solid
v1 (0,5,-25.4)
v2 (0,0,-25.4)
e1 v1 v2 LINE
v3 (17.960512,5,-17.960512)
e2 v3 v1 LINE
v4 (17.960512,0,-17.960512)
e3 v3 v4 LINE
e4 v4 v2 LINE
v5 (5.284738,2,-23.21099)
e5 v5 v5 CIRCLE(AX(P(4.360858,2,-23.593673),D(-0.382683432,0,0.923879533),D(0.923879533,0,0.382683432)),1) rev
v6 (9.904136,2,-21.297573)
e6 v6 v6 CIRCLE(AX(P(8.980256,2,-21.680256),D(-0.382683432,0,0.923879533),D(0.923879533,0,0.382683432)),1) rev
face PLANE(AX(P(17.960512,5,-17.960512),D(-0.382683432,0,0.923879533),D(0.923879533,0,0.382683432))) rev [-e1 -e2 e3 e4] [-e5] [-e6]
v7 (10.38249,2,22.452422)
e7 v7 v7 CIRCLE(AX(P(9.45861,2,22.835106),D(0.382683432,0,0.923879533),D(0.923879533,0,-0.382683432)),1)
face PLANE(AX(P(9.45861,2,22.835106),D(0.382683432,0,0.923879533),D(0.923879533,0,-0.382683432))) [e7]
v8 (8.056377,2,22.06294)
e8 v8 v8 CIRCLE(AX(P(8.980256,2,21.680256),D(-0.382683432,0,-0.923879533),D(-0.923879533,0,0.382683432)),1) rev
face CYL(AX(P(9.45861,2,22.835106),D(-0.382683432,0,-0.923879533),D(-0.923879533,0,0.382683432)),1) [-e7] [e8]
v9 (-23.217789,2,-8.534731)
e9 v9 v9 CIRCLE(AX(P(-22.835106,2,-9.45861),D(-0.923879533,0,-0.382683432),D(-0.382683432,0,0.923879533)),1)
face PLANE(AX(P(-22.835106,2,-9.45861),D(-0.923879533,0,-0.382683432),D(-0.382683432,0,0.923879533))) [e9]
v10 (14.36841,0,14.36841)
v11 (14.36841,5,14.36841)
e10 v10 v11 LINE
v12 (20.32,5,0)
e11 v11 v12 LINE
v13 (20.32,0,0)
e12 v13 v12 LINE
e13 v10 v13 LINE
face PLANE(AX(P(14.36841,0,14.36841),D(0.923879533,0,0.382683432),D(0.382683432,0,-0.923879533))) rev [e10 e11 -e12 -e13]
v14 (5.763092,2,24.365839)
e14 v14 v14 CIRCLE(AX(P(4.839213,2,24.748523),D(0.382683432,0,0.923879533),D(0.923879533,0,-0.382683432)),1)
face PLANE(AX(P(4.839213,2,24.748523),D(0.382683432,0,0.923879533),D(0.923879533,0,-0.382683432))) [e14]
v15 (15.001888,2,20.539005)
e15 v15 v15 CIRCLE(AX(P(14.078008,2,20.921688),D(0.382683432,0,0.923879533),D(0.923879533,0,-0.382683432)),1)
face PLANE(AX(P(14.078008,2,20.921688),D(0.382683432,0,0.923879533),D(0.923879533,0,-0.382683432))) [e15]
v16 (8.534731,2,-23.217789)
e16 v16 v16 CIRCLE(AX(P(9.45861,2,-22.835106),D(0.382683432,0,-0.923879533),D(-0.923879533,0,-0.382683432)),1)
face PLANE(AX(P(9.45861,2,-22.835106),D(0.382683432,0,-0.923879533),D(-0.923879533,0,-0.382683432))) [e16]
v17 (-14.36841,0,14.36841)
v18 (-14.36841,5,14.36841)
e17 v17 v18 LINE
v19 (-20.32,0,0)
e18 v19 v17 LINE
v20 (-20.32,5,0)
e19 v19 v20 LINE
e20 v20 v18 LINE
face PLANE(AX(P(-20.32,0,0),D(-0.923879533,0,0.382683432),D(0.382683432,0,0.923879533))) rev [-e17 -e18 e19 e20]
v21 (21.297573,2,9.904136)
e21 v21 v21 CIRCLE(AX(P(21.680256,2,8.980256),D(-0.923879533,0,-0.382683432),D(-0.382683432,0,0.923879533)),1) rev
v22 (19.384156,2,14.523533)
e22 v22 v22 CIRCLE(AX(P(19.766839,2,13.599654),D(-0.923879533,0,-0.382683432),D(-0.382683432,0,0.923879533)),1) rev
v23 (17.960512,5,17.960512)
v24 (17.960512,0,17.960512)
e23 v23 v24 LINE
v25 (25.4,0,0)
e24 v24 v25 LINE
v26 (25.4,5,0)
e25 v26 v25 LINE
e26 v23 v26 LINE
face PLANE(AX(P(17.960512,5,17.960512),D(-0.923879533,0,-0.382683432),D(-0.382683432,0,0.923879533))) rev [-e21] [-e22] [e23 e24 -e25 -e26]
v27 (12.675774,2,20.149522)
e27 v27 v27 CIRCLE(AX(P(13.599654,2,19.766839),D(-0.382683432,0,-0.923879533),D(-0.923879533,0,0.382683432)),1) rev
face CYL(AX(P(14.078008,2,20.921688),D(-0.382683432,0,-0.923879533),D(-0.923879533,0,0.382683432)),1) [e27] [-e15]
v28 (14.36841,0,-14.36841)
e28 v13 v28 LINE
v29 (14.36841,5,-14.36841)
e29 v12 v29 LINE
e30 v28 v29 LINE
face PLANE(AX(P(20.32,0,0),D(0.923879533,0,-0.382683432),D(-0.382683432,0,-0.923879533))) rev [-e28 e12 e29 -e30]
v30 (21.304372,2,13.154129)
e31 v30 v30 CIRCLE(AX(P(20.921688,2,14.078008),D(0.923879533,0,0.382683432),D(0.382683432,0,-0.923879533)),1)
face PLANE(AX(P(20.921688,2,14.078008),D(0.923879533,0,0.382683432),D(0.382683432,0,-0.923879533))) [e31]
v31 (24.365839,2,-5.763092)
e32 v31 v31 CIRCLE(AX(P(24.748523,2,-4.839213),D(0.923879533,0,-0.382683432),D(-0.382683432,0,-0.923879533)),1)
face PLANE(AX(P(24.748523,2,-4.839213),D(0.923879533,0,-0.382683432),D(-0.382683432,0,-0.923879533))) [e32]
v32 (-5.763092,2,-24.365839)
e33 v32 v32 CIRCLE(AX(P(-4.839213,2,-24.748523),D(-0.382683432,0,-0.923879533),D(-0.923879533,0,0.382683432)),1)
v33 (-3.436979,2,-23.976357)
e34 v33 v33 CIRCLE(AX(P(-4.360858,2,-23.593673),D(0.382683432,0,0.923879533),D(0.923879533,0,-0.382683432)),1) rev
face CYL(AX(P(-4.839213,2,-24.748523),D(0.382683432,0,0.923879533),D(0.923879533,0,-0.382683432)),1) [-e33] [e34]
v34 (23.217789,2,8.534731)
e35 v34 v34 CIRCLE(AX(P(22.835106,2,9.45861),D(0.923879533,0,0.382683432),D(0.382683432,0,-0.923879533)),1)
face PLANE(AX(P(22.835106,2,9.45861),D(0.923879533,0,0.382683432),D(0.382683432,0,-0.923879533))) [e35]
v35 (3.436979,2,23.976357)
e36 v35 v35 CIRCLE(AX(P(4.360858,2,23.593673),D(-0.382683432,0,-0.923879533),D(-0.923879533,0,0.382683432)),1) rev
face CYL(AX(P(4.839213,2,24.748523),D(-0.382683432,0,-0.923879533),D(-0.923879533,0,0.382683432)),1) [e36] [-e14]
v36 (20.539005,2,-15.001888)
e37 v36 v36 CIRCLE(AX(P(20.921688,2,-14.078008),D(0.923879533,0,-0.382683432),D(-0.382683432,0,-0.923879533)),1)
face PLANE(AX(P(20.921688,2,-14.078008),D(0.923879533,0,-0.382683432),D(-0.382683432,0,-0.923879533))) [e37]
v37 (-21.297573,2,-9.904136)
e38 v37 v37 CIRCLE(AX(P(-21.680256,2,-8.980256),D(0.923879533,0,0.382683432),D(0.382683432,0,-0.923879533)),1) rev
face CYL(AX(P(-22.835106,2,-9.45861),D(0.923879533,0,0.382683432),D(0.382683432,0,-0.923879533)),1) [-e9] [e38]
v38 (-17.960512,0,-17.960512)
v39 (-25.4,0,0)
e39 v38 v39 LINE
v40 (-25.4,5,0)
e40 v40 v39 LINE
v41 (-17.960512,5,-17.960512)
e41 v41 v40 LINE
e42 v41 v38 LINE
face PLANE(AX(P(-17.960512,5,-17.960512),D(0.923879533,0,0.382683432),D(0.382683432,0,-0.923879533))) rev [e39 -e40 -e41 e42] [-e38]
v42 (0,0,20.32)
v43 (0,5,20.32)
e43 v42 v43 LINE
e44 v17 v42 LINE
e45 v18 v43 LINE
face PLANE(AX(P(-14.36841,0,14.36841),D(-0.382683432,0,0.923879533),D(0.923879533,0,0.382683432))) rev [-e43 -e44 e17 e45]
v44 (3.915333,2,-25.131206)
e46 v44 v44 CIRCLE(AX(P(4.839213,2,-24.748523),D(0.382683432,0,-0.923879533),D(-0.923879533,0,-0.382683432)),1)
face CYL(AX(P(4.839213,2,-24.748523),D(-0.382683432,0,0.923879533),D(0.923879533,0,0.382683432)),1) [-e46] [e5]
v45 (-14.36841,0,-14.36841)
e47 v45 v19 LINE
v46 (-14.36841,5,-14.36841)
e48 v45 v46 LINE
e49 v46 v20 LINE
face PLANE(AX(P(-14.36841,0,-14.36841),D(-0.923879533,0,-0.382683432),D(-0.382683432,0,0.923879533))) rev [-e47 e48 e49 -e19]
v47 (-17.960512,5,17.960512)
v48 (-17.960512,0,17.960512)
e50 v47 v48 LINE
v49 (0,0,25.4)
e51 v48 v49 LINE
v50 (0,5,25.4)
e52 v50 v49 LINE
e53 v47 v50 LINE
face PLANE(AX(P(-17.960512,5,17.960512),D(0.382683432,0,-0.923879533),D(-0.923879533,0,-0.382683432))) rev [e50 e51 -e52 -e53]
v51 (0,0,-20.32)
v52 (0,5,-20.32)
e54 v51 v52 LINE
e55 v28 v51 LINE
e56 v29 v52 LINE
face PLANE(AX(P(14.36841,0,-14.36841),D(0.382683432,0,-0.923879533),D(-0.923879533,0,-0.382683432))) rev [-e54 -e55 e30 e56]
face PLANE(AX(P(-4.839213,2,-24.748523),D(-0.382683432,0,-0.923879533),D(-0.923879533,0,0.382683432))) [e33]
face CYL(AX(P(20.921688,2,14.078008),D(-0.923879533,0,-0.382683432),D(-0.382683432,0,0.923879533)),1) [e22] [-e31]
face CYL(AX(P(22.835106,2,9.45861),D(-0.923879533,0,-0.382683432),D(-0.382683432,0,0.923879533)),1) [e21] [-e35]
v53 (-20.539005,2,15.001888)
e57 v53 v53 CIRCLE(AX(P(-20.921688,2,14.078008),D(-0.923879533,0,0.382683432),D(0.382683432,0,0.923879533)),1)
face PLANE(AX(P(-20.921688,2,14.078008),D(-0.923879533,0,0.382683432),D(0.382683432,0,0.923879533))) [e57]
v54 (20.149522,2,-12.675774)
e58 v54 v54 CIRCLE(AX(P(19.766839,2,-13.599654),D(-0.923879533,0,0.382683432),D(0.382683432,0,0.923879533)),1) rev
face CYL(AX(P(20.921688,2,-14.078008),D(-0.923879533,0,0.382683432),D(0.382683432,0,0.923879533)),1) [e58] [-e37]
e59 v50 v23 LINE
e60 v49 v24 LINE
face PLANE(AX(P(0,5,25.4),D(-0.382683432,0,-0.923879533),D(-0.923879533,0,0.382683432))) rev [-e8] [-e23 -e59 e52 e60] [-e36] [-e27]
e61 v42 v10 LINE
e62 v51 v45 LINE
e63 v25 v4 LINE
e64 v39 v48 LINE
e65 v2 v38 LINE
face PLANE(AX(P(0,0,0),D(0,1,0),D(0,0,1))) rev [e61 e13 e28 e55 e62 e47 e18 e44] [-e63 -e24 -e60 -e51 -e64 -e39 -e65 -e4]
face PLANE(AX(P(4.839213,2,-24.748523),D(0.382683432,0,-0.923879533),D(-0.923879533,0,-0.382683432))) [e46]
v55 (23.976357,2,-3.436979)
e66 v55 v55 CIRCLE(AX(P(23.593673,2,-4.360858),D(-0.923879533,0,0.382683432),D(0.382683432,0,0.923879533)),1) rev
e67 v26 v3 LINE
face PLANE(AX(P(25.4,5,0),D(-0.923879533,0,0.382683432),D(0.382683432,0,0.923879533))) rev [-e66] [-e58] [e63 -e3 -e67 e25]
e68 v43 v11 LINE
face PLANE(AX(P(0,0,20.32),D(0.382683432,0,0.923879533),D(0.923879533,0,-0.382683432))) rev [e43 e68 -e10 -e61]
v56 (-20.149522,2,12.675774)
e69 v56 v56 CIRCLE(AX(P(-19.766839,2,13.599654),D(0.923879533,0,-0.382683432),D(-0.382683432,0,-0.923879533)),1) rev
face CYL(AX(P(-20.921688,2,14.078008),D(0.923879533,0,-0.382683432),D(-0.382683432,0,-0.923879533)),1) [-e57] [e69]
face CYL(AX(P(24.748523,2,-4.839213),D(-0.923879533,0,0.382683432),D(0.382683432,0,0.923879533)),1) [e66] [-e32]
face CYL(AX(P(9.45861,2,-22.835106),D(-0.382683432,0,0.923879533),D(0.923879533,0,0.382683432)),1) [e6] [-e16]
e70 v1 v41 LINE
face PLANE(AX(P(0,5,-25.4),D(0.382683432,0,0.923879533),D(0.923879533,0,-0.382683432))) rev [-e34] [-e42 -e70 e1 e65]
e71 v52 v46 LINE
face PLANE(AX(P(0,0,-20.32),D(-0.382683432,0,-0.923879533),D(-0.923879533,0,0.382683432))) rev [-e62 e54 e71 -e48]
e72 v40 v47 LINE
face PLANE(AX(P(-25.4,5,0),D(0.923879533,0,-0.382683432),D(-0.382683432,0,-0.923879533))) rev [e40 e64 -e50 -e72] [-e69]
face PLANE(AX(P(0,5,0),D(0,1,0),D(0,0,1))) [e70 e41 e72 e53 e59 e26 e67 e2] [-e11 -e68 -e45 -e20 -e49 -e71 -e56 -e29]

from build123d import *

# Parameters (mm, degrees)
BOSS_EXTRUDE1_DEPTH  = 5
CUT_EXTRUDE1_DEPTH   = 5
SKETCH6_R            = 1
BOSS_EXTRUDE5_DEPTH  = 1.25
SKETCH7_R            = 1
BOSS_EXTRUDE6_DEPTH  = 1.25
SKETCH8_R            = 1
BOSS_EXTRUDE7_DEPTH  = 1.25
BOSS_EXTRUDE8_START  = 1.25
SKETCH9_R            = 1
BOSS_EXTRUDE8_DEPTH  = 1.25
SKETCH10_R           = 1
BOSS_EXTRUDE9_DEPTH  = 1.25
BOSS_EXTRUDE10_START = 1.25
SKETCH11_R           = 1
BOSS_EXTRUDE10_DEPTH = 1.25
BOSS_EXTRUDE11_START = 1.25
SKETCH12_R           = 1
BOSS_EXTRUDE11_DEPTH = 1.25


with BuildPart() as part:
    # Sketch3 → Boss-Extrude1 (new body)
    with BuildSketch(Plane(origin=(0, 0, 0), x_dir=(1, 0, 0), z_dir=(0, 1, 0))):
        Polygon((25.4, 0), (17.960512242, 17.960512242), (0, 25.4), (-17.960512242, 17.960512242), (-25.4, 0), (-17.960512242, -17.960512242), (0, -25.4), (17.960512242, -17.960512242), align=None)
    extrude(amount=BOSS_EXTRUDE1_DEPTH)

    # Sketch5 → Cut-Extrude1 (cut)
    with BuildSketch(Plane(origin=(0, 5, 0), x_dir=(1, 0, 0), z_dir=(0, 1, 0))):
        Polygon((20.32, 0), (14.368409794, 14.368409794), (0, 20.32), (-14.368409794, 14.368409794), (-20.32, 0), (-14.368409794, -14.368409794), (0, -20.32), (14.368409794, -14.368409794), align=None)
    extrude(amount=-CUT_EXTRUDE1_DEPTH, mode=Mode.SUBTRACT)

    # Sketch6 → Boss-Extrude5 (add)
    with BuildSketch(Plane(origin=(8.980256121, 0, 21.680256121), x_dir=(0.9238795325112827, 0, -0.38268343236509966), z_dir=(0.38268343236509966, 0, 0.9238795325112827))):
        with Locations(Location((0, 2, 0), (0, 0, 180))):
            Circle(SKETCH6_R)
        with Locations(Location((-5, 2, 0), (0, 0, 180))):
            Circle(SKETCH6_R)
        with Locations(Location((5, 2, 0), (0, 0, 180))):
            Circle(SKETCH6_R)
    extrude(amount=BOSS_EXTRUDE5_DEPTH)

    # Sketch7 → Boss-Extrude6 (add)
    with BuildSketch(Plane(origin=(-21.680256121, 0, 8.980256121), x_dir=(0.3826834323650997, 0, 0.9238795325112827), z_dir=(-0.9238795325112827, 0, 0.3826834323650997))):
        with Locations(Location((5, 2, 0), (0, 0, 180))):
            Circle(SKETCH7_R)
    extrude(amount=BOSS_EXTRUDE6_DEPTH)

    # Sketch8 → Boss-Extrude7 (add)
    with BuildSketch(Plane(origin=(-21.680256121, 0, -8.980256121), x_dir=(-0.3826834323650795, 0, 0.9238795325112911), z_dir=(-0.9238795325112911, 0, -0.3826834323650795))):
        with Locations(Location((0, 2, 0), (0, 0, 180))):
            Circle(SKETCH8_R)
    extrude(amount=BOSS_EXTRUDE7_DEPTH)

    # Sketch9 → Boss-Extrude8 (add)
    with BuildSketch(Plane(origin=(-8.980256121, 0, -21.680256121), x_dir=(-0.9238795325112826, 0, 0.38268343236509983), z_dir=(-0.38268343236509983, 0, -0.9238795325112826)).offset(BOSS_EXTRUDE8_START)):
        with Locations((-5, 2)):
            Circle(SKETCH9_R)
    extrude(amount=-BOSS_EXTRUDE8_DEPTH)

    # Sketch10 → Boss-Extrude9 (add)
    with BuildSketch(Plane(origin=(8.980256121, 0, -21.680256121), x_dir=(-0.923879532511291, 0, -0.38268343236507973), z_dir=(0.38268343236507973, 0, -0.923879532511291))):
        with Locations(Location((0, 2, 0), (0, 0, 180))):
            Circle(SKETCH10_R)
        with Locations(Location((5, 2, 0), (0, 0, 180))):
            Circle(SKETCH10_R)
    extrude(amount=BOSS_EXTRUDE9_DEPTH)

    # Sketch11 → Boss-Extrude10 (add)
    with BuildSketch(Plane(origin=(21.680256121, 0, -8.980256121), x_dir=(-0.3826834323651001, 0, -0.9238795325112825), z_dir=(0.9238795325112824, 0, -0.38268343236510005)).offset(BOSS_EXTRUDE10_START)):
        with Locations(Location((5, 2, 0), (0, 0, 180))):
            Circle(SKETCH11_R)
        with Locations((-5, 2)):
            Circle(SKETCH11_R)
    extrude(amount=-BOSS_EXTRUDE10_DEPTH)

    # Sketch12 → Boss-Extrude11 (add)
    with BuildSketch(Plane(origin=(21.680256121, 0, 8.980256121), x_dir=(0.3826834323650795, 0, -0.923879532511291), z_dir=(0.9238795325112911, 0, 0.38268343236507957)).offset(BOSS_EXTRUDE11_START)):
        with Locations((0, 2)):
            Circle(SKETCH12_R)
        with Locations(Location((-5, 2, 0), (0, 0, 180))):
            Circle(SKETCH12_R)
    extrude(amount=-BOSS_EXTRUDE11_DEPTH)


solid = part.part
